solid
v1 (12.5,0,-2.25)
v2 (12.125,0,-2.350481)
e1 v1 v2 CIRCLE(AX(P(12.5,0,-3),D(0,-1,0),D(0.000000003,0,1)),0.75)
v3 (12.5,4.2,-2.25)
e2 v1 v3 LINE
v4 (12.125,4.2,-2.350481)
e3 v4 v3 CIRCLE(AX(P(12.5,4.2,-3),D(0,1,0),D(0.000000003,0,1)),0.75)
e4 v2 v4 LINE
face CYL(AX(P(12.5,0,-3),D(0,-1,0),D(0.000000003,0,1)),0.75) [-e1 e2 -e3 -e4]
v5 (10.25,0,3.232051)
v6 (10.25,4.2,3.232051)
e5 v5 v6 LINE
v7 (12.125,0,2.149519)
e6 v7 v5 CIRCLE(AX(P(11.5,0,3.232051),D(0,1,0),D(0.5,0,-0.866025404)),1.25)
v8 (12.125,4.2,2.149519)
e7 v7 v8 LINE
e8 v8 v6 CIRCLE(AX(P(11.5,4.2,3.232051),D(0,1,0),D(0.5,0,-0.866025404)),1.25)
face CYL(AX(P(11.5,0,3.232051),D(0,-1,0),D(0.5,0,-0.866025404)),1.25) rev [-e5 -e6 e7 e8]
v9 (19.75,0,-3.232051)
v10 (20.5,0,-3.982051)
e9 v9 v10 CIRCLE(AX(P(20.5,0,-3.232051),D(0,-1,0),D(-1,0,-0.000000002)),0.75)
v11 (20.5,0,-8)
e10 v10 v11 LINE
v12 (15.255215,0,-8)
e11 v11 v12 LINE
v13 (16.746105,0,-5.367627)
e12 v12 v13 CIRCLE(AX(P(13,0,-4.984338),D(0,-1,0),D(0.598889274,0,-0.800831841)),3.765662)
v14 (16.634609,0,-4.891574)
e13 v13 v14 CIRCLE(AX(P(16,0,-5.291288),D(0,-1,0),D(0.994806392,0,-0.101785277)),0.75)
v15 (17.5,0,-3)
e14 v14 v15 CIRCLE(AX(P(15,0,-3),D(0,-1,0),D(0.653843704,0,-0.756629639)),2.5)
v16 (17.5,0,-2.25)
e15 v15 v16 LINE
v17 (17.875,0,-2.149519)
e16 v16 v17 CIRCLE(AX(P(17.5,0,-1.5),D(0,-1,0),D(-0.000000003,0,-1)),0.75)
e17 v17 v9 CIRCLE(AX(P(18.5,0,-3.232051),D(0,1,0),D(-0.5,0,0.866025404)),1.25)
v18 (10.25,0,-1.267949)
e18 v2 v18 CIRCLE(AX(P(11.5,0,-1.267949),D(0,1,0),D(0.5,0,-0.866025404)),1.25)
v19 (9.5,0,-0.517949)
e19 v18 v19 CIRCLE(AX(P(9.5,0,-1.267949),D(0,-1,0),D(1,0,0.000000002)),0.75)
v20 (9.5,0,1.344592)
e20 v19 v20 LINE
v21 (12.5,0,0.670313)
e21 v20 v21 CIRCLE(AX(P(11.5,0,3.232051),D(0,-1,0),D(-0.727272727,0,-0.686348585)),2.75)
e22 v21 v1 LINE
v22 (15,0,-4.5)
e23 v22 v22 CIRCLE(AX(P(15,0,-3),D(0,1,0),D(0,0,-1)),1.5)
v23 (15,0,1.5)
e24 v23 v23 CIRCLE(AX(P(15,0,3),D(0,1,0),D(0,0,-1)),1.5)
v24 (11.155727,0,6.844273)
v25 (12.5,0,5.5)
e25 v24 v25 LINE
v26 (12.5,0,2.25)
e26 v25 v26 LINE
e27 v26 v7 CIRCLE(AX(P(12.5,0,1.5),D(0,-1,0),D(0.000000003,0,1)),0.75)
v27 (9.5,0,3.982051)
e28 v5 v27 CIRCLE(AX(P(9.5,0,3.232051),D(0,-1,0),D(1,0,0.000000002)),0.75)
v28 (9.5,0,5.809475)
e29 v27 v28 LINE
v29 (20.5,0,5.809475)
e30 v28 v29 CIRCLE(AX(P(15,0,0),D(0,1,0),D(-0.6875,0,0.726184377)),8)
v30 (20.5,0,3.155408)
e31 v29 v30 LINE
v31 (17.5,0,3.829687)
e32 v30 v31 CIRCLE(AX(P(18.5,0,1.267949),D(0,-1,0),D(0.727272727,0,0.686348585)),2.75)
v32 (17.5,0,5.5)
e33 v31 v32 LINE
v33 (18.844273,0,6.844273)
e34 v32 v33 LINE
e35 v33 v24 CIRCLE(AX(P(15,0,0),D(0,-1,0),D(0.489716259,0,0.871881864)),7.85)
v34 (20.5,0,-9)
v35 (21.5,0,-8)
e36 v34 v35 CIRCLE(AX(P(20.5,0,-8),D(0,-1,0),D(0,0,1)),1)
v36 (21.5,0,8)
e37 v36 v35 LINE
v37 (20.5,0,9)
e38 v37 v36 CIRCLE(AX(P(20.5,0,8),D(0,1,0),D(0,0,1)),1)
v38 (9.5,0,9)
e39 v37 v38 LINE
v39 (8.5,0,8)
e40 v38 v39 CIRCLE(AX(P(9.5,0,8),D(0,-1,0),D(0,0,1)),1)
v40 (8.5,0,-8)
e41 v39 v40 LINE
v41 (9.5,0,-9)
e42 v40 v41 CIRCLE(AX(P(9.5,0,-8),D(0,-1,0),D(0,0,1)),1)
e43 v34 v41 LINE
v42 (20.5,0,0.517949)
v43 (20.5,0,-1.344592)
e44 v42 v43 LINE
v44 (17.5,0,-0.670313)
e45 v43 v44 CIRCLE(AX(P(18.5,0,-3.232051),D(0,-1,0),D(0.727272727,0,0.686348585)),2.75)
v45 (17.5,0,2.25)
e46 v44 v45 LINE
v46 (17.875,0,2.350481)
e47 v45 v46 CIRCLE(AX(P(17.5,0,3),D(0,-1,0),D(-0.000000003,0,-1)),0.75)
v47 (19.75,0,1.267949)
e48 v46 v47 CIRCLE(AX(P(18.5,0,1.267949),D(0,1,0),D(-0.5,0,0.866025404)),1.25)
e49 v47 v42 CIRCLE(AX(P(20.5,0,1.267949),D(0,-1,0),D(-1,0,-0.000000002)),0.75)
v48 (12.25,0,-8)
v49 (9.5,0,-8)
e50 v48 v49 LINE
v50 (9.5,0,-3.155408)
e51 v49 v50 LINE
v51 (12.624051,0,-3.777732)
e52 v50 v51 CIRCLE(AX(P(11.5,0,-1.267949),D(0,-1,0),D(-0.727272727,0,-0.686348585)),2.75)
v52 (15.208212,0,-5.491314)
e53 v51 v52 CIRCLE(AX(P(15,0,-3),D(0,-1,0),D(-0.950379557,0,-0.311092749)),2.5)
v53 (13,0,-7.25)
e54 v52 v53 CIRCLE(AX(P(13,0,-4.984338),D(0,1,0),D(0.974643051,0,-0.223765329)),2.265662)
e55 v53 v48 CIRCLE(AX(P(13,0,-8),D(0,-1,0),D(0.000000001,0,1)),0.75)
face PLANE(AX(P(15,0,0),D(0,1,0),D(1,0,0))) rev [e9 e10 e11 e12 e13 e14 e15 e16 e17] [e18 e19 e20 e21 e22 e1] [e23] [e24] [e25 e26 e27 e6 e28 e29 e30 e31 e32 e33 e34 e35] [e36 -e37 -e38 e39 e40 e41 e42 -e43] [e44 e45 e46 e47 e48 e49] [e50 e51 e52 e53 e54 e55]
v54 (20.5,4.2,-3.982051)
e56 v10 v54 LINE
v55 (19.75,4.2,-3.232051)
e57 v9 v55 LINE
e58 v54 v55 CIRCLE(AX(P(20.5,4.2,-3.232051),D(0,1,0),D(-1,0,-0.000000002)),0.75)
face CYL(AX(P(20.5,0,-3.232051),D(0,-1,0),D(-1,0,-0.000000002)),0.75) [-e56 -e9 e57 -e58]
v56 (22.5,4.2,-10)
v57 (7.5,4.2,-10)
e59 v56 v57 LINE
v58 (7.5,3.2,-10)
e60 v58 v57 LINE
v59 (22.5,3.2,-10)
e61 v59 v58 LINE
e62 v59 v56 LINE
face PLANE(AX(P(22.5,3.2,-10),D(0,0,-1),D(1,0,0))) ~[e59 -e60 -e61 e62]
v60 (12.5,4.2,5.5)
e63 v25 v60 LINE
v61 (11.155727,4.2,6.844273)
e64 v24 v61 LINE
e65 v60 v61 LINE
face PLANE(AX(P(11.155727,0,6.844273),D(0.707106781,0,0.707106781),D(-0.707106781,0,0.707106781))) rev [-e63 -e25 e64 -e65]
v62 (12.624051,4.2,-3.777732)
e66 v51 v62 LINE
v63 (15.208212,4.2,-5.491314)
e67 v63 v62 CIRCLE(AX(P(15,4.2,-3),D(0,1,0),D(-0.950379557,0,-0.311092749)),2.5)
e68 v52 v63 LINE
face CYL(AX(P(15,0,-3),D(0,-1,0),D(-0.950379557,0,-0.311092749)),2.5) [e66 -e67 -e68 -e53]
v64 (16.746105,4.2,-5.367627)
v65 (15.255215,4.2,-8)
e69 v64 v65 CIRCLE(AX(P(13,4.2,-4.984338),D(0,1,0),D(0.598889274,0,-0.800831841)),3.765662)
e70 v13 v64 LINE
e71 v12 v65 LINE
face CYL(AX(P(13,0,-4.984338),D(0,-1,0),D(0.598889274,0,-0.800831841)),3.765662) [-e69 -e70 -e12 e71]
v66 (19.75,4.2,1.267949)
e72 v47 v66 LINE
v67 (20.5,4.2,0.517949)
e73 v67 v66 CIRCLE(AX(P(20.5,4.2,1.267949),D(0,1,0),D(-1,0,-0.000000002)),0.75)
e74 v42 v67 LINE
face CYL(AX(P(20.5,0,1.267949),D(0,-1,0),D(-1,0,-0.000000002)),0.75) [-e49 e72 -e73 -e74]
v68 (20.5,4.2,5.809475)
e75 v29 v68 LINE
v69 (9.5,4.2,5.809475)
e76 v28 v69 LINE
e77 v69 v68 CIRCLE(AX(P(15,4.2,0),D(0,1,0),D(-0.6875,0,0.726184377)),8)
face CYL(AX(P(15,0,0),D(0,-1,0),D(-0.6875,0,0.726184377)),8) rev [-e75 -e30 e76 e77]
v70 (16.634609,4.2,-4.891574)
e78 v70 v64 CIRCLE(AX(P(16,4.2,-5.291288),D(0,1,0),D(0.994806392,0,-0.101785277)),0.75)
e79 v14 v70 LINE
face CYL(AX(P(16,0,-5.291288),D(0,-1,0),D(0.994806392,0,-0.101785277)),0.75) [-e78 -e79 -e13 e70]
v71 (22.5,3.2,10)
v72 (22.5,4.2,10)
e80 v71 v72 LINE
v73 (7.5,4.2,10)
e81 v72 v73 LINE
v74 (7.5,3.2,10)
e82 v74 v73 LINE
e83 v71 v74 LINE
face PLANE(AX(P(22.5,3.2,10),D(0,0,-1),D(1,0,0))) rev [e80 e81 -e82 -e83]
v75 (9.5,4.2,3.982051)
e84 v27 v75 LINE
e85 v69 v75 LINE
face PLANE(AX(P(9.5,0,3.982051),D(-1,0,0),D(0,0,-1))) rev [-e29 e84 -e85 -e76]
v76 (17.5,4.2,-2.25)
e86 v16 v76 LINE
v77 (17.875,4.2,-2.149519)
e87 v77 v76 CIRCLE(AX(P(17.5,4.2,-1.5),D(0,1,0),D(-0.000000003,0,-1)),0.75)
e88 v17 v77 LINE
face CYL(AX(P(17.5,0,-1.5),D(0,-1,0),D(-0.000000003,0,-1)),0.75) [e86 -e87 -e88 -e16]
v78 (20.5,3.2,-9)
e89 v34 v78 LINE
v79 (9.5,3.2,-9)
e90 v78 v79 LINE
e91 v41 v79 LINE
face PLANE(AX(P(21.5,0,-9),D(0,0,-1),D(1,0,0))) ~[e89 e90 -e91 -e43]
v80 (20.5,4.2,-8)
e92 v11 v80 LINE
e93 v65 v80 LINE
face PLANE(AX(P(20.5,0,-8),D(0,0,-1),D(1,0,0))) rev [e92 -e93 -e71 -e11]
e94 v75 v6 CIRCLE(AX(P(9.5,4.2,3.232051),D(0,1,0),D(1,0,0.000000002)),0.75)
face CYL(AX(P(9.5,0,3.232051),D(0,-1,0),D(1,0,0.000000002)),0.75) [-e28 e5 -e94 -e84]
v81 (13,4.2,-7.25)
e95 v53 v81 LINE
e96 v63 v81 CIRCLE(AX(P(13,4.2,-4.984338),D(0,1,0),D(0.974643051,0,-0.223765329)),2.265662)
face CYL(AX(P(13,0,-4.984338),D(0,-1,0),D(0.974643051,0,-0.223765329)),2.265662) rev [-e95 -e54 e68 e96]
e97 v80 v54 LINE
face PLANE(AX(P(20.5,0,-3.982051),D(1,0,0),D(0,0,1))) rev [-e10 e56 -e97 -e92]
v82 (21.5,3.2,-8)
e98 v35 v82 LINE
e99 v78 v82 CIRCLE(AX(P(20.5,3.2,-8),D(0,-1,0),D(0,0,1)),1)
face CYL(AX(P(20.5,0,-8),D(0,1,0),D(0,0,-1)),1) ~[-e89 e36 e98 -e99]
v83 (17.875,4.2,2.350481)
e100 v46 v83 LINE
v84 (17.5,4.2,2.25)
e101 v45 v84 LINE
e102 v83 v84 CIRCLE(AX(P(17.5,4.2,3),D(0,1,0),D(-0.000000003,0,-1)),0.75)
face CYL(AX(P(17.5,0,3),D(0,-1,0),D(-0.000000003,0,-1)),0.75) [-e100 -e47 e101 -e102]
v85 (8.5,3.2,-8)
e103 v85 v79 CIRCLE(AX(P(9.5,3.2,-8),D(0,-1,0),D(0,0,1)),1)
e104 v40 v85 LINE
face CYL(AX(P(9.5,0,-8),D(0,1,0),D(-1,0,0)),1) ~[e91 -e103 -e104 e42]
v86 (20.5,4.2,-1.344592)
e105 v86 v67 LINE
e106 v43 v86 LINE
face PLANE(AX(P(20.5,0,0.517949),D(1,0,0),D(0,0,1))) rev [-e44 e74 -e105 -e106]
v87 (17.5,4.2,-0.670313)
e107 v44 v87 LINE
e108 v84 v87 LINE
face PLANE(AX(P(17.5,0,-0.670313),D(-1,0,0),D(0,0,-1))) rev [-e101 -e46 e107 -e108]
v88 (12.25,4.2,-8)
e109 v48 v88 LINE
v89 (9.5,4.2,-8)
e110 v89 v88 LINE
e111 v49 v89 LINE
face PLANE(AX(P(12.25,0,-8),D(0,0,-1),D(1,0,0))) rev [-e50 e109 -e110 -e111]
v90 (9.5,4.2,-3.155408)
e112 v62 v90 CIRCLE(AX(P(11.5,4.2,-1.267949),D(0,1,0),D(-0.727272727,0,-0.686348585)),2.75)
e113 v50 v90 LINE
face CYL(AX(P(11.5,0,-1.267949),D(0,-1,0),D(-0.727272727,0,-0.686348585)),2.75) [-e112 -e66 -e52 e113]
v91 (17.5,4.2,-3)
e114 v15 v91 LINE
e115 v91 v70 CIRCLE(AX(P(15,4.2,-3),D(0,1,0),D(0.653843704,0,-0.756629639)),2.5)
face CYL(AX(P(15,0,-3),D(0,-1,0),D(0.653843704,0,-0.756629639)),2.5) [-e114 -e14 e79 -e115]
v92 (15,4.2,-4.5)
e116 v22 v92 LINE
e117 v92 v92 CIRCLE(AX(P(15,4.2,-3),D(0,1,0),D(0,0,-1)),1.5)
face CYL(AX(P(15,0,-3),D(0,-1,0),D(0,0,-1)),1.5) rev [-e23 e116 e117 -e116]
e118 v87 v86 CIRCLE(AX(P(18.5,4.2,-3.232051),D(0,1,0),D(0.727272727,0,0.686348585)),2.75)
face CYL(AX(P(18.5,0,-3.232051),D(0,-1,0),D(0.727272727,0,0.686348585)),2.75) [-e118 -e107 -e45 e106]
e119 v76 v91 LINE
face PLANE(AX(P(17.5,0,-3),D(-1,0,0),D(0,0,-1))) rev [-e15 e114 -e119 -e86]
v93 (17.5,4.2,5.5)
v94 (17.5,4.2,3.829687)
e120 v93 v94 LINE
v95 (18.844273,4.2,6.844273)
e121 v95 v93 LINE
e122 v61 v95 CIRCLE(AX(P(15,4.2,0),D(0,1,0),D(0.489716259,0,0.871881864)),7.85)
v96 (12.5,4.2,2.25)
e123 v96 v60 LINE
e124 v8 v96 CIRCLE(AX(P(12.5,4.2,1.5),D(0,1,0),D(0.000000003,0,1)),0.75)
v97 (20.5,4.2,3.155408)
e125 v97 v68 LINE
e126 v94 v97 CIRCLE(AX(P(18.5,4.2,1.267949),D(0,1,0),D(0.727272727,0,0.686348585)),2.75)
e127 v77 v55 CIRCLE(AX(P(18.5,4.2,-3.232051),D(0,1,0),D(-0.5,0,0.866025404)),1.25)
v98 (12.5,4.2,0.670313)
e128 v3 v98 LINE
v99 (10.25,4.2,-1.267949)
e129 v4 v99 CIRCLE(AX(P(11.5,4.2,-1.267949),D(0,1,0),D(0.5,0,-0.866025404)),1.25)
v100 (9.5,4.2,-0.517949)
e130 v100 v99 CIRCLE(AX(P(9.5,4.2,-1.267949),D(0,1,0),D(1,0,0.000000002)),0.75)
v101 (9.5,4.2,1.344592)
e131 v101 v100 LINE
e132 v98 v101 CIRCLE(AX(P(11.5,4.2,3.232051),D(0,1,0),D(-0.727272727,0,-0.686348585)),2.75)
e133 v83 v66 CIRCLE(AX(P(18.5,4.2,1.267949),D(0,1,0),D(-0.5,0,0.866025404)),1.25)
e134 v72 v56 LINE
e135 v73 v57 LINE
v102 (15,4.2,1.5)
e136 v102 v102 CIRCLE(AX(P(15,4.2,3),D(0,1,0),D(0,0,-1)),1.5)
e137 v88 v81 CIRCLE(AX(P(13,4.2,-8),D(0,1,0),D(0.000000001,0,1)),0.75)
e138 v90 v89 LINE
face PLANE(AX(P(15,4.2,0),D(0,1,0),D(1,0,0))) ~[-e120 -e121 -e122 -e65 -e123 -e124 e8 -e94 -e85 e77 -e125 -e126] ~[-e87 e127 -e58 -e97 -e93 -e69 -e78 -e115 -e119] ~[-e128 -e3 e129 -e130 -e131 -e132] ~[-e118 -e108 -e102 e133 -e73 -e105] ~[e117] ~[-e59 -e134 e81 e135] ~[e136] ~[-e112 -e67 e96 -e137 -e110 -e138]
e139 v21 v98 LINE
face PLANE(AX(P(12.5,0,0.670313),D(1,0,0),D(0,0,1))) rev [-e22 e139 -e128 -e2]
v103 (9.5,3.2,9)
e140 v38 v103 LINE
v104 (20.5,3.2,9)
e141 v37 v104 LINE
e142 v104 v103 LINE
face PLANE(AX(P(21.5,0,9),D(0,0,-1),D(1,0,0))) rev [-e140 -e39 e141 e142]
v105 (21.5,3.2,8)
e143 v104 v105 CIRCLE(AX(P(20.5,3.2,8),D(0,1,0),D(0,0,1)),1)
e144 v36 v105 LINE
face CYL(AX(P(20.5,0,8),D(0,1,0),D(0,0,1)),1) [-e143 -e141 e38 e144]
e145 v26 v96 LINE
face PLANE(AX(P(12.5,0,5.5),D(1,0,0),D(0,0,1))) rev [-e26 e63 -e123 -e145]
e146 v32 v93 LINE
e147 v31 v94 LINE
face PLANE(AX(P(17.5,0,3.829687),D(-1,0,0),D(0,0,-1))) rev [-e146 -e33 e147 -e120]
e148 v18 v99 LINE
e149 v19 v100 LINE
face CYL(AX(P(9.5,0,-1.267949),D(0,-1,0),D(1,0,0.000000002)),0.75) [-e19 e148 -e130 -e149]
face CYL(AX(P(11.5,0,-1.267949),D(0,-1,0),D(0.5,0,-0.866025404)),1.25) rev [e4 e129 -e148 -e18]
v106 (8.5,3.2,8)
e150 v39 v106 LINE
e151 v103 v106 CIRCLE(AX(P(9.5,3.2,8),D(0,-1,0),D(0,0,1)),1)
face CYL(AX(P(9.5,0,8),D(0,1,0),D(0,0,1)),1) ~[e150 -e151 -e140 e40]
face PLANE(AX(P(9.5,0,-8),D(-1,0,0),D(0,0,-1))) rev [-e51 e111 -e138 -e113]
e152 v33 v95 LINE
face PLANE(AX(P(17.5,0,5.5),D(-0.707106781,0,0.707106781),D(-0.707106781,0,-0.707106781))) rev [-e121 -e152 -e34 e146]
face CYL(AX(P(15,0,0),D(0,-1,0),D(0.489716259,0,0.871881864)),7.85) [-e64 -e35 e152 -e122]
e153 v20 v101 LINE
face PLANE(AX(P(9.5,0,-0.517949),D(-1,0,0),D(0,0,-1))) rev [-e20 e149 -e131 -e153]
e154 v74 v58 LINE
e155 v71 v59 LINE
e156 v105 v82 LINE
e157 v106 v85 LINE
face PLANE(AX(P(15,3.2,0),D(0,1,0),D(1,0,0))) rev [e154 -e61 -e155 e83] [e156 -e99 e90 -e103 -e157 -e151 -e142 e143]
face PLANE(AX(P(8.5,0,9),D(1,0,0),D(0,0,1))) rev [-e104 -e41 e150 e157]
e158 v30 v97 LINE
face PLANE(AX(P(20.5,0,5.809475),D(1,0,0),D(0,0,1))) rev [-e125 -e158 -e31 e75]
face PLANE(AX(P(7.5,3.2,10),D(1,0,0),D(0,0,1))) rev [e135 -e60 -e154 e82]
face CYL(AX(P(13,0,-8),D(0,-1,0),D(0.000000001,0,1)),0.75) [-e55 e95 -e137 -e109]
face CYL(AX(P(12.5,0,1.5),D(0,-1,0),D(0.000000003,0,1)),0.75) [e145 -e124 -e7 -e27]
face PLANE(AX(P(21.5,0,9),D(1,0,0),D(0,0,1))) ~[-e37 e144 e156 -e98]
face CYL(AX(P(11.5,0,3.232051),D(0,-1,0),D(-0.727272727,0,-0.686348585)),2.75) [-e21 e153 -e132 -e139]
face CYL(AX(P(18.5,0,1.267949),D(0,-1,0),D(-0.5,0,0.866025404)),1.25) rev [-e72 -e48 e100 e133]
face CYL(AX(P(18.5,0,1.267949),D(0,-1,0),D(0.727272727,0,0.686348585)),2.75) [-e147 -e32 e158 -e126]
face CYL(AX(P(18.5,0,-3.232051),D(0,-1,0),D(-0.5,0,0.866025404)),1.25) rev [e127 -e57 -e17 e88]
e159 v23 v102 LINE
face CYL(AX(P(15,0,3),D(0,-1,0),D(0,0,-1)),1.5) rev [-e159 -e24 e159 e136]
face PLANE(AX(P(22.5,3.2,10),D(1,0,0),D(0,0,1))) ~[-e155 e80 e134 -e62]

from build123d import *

# Parameters (mm, degrees)
SKETCH1_W           = 13
SKETCH1_H           = 18
BOSS_EXTRUDE1_DEPTH = 3.2
SKETCH2_W           = 15
SKETCH2_H           = 20
BOSS_EXTRUDE2_DEPTH = 1
SKETCH4_R           = 1.5
CUT_EXTRUDE2_DEPTH  = 14.18673576
FILLET1_R           = 1


with BuildPart() as part:
    # Sketch1 → Boss-Extrude1 (new body)
    with BuildSketch(Plane(origin=(0, 0, 0), x_dir=(1, 0, 0), z_dir=(0, 1, 0))):
        Rectangle(SKETCH1_W, SKETCH1_H)
    extrude(amount=BOSS_EXTRUDE1_DEPTH)

    # Sketch2 → Boss-Extrude2 (add)
    with BuildSketch(Plane(origin=(0, 3.2, 0), x_dir=(1, 0, 0), z_dir=(0, 1, 0))):
        Rectangle(SKETCH2_W, SKETCH2_H)
    extrude(amount=BOSS_EXTRUDE2_DEPTH)

    # Sketch4 → Cut-Extrude2 (cut, through all)
    with BuildSketch(Plane.XZ):
        with BuildLine():
            Line((-2.5, 5.5), (-3.844272635, 6.844272635))
            ThreePointArc((-3.844272635, 6.844272635), (0, 7.85), (3.844272635, 6.844272635))
            Line((3.844272635, 6.844272635), (2.5, 5.5))
            Line((2.5, 5.5), (2.5, 2.25))
            ThreePointArc((2.5, 2.25), (2.694114284, 2.22444437), (2.875, 2.149519053))
            ThreePointArc((2.875, 2.149519053), (4.125, 2.149519053), (4.75, 3.232050808))
            ThreePointArc((4.75, 3.232050808), (4.969669914, 3.762380893), (5.5, 3.982050808))
            Line((5.5, 3.982050808), (5.5, 5.809475019))
            ThreePointArc((5.5, 5.809475019), (0, 8), (-5.5, 5.809475019))
            Line((-5.5, 5.809475019), (-5.5, 3.155407801))
            ThreePointArc((-5.5, 3.155407801), (-4.103044833, 3.951014031), (-2.5, 3.829686884))
            Line((-2.5, 3.829686884), (-2.5, 5.5))
        make_face()
        with Locations(Location((0, 3, 0), (0, 0, 270))):
            Circle(SKETCH4_R)
        with BuildLine():
            Line((-2.5, -0.670313116), (-2.5, 2.25))
            ThreePointArc((-2.5, 2.25), (-2.694114284, 2.27555563), (-2.875, 2.350480947))
            ThreePointArc((-2.875, 2.350480947), (-4.125, 2.350480947), (-4.75, 1.267949192))
            ThreePointArc((-4.75, 1.267949192), (-4.969669914, 0.737619107), (-5.5, 0.517949192))
            Line((-5.5, 0.517949192), (-5.5, -1.344592199))
            ThreePointArc((-5.5, -1.344592199), (-4.103044833, -0.548985969), (-2.5, -0.670313116))
        make_face()
        with BuildLine():
            ThreePointArc((5.5, 1.344592199), (4.103044833, 0.548985969), (2.5, 0.670313116))
            Line((2.5, 0.670313116), (2.5, -2.25))
            ThreePointArc((2.5, -2.25), (2.694114284, -2.27555563), (2.875, -2.350480947))
            ThreePointArc((2.875, -2.350480947), (4.125, -2.350480947), (4.75, -1.267949192))
            ThreePointArc((4.75, -1.267949192), (4.969669914, -0.737619107), (5.5, -0.517949192))
            Line((5.5, -0.517949192), (5.5, 1.344592199))
        make_face()
        with Locations(Location((0, -3, 0), (0, 0, 270))):
            Circle(SKETCH4_R)
        with BuildLine():
            Line((-2.5, -3), (-2.5, -2.25))
            ThreePointArc((-2.5, -2.25), (-2.694114284, -2.22444437), (-2.875, -2.149519053))
            ThreePointArc((-2.875, -2.149519053), (-4.125, -2.149519053), (-4.75, -3.232050808))
            ThreePointArc((-4.75, -3.232050808), (-4.969669914, -3.762380893), (-5.5, -3.982050808))
            Line((-5.5, -3.982050808), (-5.5, -8))
            Line((-5.5, -8), (-0.25521468, -8))
            ThreePointArc((-0.25521468, -8), (-1.276630283, -6.840114098), (-1.746104794, -5.367626807))
            ThreePointArc((-1.746104794, -5.367626807), (-1.730239257, -5.120259699), (-1.634609263, -4.891574095))
            ThreePointArc((-1.634609263, -4.891574095), (-2.27338109, -4.040066547), (-2.5, -3))
        make_face()
        with BuildLine():
            ThreePointArc((5.5, -3.155407801), (4.037255458, -3.964958012), (2.375948891, -3.777731873))
            ThreePointArc((2.375948891, -3.777731873), (1.381615815, -5.083539714), (-0.208211888, -5.491314474))
            ThreePointArc((-0.208211888, -5.491314474), (0.58851368, -6.756605145), (2, -7.25))
            ThreePointArc((2, -7.25), (2.530330086, -7.469669914), (2.75, -8))
            Line((2.75, -8), (5.5, -8))
            Line((5.5, -8), (5.5, -3.155407801))
        make_face()
    extrude(amount=-CUT_EXTRUDE2_DEPTH, mode=Mode.SUBTRACT)

    # Fillet1
    fillet1_edges = [part.edges().sort_by_distance(p)[0] for p in [
        (6.5, 1.6, 9),
        (-6.5, 1.6, 9),
        (-6.5, 1.6, -9),
        (6.5, 1.6, -9),
    ]]
    fillet(fillet1_edges, radius=FILLET1_R)


with BuildPart() as body_2:
    # Mirror2: mirrored copy
    add(part.part.mirror(Plane(origin=(7.5, 4.2, 10), x_dir=(0, 0, 1), z_dir=(-1, 0, 0))))


solid = body_2.part
